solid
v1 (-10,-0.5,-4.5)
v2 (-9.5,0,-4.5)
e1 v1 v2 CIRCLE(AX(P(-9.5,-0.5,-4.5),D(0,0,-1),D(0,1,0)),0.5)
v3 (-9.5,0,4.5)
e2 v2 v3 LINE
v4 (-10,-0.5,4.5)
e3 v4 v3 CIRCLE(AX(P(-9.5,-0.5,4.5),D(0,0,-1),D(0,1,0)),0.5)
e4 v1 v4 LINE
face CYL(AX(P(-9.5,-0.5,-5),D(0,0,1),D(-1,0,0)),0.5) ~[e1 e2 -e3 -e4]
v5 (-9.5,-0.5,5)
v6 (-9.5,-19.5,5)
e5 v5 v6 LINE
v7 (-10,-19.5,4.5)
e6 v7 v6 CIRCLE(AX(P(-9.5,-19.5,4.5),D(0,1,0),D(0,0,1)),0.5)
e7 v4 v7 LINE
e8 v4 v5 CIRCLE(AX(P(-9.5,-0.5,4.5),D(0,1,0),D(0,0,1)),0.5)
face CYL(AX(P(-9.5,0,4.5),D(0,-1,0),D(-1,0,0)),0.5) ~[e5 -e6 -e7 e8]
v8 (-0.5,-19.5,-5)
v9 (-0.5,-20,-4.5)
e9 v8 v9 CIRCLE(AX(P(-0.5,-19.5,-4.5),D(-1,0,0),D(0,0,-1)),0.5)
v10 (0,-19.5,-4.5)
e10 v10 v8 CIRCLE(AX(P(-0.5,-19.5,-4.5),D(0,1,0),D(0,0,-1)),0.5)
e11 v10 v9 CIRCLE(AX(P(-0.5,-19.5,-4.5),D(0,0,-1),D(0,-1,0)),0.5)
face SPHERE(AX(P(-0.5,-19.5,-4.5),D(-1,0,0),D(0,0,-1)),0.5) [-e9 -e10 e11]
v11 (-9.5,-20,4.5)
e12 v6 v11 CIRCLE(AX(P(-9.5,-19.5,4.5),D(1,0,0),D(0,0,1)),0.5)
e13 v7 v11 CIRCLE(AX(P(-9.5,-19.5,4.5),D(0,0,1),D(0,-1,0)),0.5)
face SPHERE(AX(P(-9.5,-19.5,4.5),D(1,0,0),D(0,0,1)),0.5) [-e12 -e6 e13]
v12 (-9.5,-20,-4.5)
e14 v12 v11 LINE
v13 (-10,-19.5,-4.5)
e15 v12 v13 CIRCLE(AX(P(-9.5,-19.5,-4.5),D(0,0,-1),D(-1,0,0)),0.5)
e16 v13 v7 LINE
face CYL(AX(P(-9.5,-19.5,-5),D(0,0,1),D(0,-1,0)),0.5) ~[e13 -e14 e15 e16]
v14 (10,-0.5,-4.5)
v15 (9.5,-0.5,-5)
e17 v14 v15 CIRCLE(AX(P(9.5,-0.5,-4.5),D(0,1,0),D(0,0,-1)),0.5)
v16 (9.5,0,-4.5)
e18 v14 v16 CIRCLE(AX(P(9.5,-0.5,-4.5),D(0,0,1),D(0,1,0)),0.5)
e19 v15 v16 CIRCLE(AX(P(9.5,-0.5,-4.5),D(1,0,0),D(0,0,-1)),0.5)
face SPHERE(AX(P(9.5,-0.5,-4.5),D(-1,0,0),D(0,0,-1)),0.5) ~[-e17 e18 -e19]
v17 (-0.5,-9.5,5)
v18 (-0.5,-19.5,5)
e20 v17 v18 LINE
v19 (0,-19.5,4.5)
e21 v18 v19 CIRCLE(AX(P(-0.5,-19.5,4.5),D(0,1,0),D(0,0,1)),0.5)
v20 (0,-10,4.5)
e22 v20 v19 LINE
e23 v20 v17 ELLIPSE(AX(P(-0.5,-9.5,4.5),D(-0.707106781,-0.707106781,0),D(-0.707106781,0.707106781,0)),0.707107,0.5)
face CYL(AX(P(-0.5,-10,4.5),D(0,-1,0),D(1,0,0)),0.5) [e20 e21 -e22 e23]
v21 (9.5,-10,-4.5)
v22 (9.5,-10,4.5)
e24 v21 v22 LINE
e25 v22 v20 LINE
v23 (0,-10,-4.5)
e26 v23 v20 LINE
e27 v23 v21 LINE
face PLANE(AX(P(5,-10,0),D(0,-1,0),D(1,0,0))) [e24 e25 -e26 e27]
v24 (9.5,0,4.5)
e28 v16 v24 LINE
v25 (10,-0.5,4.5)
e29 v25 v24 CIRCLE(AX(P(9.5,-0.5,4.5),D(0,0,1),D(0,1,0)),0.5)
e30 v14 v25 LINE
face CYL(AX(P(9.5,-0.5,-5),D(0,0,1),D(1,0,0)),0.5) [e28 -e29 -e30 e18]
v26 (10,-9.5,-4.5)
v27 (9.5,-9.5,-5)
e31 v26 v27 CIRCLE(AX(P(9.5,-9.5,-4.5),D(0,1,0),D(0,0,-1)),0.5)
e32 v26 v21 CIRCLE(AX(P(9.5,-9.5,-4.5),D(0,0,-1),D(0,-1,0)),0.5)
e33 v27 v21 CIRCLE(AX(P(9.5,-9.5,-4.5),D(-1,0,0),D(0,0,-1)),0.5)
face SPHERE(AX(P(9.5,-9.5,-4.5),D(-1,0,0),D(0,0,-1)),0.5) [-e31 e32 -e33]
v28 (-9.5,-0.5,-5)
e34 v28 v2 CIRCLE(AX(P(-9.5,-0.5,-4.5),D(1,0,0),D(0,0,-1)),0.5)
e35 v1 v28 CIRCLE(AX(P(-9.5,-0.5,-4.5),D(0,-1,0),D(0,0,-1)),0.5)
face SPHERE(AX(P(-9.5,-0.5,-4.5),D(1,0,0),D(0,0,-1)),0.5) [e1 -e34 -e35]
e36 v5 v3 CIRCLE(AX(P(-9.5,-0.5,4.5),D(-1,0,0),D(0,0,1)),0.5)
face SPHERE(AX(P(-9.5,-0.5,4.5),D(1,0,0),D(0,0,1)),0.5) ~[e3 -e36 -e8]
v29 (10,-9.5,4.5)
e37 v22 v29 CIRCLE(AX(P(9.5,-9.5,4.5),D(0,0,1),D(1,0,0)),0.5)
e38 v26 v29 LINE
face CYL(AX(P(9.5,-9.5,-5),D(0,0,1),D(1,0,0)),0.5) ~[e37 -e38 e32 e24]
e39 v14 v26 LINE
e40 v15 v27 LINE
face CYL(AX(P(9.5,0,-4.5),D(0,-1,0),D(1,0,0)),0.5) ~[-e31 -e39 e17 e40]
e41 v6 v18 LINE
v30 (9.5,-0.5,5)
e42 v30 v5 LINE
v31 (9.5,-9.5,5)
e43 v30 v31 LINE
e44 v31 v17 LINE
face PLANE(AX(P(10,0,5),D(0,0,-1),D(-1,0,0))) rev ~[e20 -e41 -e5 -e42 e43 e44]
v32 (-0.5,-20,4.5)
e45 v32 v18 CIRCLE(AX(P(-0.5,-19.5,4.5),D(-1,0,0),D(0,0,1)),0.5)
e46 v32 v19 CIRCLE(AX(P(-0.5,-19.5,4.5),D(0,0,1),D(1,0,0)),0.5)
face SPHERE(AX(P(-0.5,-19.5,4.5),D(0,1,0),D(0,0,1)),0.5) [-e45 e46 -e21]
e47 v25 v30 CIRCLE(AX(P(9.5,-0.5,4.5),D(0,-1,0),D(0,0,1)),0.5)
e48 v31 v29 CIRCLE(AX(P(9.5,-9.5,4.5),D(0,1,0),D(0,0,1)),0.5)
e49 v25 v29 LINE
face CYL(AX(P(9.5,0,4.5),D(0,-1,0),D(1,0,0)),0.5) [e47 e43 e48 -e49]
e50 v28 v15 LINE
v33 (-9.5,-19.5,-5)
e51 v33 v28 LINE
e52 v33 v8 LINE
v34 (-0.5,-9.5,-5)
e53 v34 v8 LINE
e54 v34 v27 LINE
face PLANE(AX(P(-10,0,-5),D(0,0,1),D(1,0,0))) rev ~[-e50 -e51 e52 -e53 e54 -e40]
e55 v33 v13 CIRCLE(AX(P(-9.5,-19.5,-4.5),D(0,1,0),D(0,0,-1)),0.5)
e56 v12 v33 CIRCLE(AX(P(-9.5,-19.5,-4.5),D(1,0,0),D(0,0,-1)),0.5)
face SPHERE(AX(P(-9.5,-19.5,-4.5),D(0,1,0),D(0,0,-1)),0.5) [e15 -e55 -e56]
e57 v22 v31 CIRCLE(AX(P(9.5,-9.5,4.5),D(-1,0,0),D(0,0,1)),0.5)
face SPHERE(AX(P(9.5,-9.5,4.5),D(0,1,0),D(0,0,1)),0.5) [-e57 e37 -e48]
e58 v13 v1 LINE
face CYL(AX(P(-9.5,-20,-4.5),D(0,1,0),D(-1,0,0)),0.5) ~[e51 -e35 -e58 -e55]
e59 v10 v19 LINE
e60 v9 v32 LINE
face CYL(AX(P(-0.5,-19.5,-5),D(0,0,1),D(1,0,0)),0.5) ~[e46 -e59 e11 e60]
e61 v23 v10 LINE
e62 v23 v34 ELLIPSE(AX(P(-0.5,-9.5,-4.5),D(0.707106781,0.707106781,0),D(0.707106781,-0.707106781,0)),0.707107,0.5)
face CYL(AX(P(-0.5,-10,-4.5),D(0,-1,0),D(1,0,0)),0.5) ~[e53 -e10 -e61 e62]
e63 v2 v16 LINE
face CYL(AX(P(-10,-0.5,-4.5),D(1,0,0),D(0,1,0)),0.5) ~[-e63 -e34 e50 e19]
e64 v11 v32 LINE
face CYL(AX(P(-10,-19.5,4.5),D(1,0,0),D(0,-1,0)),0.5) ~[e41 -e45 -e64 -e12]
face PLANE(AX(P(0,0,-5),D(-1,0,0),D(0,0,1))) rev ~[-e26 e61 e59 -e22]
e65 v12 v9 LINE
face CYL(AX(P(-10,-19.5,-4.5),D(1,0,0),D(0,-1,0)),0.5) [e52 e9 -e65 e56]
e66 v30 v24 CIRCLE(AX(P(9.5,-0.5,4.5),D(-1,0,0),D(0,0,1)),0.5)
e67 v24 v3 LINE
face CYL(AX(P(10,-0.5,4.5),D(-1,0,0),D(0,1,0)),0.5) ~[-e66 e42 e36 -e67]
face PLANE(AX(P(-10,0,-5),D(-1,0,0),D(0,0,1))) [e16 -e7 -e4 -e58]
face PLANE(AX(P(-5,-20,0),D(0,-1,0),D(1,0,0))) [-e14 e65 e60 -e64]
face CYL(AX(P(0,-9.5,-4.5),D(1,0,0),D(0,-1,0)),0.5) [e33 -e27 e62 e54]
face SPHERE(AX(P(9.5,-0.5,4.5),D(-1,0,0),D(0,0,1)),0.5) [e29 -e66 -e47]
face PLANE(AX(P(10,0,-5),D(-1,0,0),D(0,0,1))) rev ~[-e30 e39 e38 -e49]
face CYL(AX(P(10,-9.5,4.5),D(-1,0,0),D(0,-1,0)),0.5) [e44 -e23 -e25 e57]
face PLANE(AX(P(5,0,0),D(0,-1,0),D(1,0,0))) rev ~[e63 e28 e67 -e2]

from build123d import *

# Parameters (mm, degrees)
F0_W     = 10
F0_H     = 10
F1_DEPTH = 20
F2_DEPTH = 10
F3_R     = 0.5


with BuildPart() as f1:
    # F0 (on Front) → F1 (new body)
    with BuildSketch(Plane.XZ):
        with Locations((-5, 0)):
            Rectangle(F0_W, F0_H)
    extrude(amount=F1_DEPTH)

    # F0 (on Front) → F2 (join)
    with BuildSketch(Plane.XZ):
        with Locations((5, 0)):
            Rectangle(F0_W, F0_H)
        with Locations((-5, 0)):
            Rectangle(F0_W, F0_H)
    extrude(amount=F2_DEPTH)

    # F3
    f3_edges = [f1.edges().sort_by_distance(p)[0] for p in [
        (0, 0, 5),
        (10, -5, 5),
        (5, -10, 5),
        (0, -15, 5),
        (-5, -20, 5),
        (-10, -10, 5),
        (0, 0, -5),
        (-10, -10, -5),
        (-5, -20, -5),
        (0, -15, -5),
        (5, -10, -5),
        (10, -5, -5),
        (10, 0, 0),
        (-10, 0, 0),
        (0, -20, 0),
        (-10, -20, 0),
        (10, -10, 0),
    ]]
    fillet(f3_edges, radius=F3_R)


solid = f1.part
